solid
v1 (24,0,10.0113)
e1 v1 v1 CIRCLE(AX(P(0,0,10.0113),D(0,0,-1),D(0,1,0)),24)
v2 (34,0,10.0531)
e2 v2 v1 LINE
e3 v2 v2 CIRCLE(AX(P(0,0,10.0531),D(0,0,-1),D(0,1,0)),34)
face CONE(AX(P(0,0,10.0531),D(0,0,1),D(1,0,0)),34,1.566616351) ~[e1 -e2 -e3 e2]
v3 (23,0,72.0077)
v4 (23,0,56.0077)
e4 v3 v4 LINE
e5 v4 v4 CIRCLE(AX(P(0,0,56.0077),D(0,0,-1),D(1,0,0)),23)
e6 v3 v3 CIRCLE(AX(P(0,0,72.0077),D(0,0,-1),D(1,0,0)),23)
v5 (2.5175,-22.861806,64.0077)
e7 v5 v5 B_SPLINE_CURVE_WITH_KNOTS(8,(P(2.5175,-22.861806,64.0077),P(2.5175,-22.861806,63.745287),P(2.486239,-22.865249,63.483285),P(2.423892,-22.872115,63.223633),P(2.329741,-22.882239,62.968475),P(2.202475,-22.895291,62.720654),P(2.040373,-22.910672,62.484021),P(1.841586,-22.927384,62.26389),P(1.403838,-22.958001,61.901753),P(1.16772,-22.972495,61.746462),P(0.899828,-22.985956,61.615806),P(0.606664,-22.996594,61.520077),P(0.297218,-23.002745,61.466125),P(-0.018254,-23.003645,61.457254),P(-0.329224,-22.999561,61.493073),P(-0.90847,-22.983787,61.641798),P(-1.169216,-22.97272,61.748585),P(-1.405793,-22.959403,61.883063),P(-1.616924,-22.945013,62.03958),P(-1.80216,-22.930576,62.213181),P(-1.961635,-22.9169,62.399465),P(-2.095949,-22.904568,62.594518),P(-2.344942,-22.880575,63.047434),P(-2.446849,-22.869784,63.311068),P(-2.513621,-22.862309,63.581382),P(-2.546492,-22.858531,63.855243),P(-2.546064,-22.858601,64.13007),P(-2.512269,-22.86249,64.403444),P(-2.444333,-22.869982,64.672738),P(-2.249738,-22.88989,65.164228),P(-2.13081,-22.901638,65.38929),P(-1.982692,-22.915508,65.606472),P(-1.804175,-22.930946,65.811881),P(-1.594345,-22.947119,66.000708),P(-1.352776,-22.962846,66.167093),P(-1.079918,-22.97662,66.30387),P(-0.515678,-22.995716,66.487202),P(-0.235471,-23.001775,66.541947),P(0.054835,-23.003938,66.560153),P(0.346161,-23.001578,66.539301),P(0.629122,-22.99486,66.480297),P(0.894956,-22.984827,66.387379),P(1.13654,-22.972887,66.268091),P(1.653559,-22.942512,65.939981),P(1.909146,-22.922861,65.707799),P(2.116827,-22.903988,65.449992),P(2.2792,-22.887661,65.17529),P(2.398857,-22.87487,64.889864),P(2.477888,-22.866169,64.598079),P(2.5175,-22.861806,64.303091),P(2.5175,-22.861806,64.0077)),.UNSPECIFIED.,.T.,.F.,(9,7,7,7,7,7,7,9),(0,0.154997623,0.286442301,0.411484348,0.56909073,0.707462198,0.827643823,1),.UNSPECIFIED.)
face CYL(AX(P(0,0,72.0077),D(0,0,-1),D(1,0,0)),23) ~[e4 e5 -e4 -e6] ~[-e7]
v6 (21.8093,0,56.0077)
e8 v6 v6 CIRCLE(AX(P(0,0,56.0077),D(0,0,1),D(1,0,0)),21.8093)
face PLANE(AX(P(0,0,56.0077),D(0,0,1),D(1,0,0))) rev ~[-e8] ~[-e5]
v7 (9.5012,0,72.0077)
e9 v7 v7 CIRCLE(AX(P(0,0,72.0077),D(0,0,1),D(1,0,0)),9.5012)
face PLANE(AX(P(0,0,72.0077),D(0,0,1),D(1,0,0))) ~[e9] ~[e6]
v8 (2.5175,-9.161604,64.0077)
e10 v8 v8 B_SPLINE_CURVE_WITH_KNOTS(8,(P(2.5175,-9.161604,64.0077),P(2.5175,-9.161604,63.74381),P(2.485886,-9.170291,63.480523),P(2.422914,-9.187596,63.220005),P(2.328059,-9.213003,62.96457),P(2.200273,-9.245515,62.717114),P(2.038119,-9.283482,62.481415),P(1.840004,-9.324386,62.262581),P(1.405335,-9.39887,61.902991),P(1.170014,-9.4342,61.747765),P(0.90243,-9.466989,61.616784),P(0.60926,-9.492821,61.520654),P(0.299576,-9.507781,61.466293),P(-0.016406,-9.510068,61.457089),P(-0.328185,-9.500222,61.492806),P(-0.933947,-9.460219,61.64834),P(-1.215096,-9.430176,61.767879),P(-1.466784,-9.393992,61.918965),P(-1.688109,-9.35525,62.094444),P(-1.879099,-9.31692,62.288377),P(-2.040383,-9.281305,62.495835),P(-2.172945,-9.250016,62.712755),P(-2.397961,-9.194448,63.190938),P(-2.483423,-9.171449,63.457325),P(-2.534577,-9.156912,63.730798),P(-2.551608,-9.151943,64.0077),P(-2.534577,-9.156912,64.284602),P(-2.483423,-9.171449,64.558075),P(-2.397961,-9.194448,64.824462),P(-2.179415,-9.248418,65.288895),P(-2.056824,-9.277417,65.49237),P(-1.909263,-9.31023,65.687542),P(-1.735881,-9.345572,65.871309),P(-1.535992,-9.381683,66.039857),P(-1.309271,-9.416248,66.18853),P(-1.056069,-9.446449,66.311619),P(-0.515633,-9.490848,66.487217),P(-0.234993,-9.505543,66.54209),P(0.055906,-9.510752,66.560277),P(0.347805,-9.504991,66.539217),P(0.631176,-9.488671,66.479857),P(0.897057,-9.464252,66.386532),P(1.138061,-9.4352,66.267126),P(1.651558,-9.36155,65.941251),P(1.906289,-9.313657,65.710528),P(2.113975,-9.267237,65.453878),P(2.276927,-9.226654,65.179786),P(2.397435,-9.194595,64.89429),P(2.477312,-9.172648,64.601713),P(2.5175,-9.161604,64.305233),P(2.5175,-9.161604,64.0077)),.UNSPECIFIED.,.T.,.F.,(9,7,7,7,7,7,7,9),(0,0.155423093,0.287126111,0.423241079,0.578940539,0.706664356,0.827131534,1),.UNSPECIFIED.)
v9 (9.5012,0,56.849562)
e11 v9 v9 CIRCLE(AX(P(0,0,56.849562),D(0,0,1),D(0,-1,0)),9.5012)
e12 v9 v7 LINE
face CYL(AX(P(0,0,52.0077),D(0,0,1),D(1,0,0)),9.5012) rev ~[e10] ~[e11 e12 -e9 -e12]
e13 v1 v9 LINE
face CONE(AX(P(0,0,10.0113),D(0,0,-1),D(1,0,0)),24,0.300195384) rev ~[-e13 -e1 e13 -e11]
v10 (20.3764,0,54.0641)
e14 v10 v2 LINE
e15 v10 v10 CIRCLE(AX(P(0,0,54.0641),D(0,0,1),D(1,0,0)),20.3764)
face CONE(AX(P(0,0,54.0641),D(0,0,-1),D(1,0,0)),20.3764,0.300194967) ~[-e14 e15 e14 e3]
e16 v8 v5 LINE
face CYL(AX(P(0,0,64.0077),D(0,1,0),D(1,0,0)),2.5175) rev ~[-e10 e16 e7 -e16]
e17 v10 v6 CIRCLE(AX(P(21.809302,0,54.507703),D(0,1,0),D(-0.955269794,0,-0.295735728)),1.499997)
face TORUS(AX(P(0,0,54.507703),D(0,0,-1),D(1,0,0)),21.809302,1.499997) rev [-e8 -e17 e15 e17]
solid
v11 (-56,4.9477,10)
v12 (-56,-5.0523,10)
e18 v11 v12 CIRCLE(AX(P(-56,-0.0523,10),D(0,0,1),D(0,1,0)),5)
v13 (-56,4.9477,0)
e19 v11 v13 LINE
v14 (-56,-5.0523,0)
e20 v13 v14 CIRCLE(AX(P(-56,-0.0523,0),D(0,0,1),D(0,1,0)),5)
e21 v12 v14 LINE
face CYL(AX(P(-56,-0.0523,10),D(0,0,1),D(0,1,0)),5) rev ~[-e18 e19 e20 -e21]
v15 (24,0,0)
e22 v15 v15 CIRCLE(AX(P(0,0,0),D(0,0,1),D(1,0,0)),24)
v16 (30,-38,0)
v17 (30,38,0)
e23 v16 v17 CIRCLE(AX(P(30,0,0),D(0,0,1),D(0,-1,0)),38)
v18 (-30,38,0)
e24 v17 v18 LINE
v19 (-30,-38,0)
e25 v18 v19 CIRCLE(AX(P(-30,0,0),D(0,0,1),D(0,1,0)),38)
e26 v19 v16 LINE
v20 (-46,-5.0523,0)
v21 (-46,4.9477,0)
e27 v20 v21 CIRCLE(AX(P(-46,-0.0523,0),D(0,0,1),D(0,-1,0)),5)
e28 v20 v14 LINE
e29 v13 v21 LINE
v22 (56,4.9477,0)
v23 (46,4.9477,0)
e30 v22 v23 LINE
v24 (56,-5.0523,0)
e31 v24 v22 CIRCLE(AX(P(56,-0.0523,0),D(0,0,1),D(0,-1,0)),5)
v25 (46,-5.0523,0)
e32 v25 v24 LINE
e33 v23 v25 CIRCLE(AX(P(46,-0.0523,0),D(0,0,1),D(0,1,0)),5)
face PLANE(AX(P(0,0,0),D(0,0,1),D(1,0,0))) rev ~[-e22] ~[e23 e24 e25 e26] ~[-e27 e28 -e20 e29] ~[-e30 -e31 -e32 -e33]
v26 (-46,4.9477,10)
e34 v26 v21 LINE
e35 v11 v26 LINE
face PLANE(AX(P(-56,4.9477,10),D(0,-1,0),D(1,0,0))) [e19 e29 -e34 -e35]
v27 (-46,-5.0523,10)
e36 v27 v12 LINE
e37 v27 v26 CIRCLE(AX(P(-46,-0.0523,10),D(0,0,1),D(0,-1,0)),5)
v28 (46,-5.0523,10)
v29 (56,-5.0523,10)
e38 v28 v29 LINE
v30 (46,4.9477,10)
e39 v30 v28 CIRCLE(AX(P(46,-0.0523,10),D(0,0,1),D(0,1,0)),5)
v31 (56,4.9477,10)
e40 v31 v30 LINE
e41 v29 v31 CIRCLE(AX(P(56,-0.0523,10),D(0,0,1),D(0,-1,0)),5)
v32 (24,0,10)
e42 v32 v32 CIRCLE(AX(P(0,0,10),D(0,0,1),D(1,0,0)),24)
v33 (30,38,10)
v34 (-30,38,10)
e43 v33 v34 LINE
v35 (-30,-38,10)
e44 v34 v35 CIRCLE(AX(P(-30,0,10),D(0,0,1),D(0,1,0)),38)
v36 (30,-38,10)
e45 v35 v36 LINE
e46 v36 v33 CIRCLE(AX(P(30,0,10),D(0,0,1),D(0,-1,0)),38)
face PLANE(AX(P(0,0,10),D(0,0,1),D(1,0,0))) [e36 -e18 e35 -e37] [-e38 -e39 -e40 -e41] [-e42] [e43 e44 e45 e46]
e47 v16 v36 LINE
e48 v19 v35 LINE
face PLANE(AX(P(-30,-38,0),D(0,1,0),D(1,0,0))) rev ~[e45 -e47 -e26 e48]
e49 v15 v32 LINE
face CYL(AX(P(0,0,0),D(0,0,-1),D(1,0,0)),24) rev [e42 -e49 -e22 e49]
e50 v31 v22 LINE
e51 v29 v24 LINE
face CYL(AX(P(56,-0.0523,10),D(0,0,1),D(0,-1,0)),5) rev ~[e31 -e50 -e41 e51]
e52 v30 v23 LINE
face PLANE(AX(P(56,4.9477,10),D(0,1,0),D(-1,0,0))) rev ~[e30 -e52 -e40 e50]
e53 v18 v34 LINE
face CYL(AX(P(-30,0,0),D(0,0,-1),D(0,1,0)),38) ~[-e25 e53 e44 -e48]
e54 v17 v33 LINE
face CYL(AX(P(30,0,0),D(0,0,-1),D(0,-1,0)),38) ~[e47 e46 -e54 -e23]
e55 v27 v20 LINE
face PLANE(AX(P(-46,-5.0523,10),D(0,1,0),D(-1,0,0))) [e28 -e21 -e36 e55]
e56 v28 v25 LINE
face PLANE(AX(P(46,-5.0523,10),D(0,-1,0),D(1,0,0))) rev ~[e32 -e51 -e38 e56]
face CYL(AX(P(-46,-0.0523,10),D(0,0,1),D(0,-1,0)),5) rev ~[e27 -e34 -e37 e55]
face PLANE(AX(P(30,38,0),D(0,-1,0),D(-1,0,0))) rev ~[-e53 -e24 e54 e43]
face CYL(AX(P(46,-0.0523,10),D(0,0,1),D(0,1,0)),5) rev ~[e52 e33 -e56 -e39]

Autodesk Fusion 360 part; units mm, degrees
sketch "Sketch1" plane through (0, 0, 0) normal (0, 0, 1) x (1, 0, 0)
  circle A0 centre (0, 0) radius 24
  line L0 (30, 38) -> (-30, 38)
  arc A1 (-30, 38) -> (-30, -38) centre (-30, 0) ccw
  line L1 (-30, -38) -> (30, -38)
  arc A2 (30, -38) -> (30, 38) centre (30, 0) ccw
  line L2 (30, 0) -> (-30, 0) construction
  dimension "d1" = 48
  dimension "d2" = 60
  dimension "d3" = 38
extrude "Extrude1" add sketch "Sketch1" along normal blind 10 makes body 1
sketch "Sketch2" plane through (0, 0, 0) normal (0, 1, 0) x (1, 0, 0)
  line L0 (0, 0) -> (0, -78.5429) construction
  line L1 (24, -10.0113) -> (11, -52.0077)
  line L2 (11, -52.0077) -> (11, -72.0077)
  line L3 (11, -72.0077) -> (23, -72.0077)
  line L4 (23, -72.0077) -> (23, -56.0077)
  line L5 (23, -56.0077) -> (21.8093, -56.0077)
  line L6 (20.3764, -54.0641) -> (34, -10.0531)
  line L7 (34, -10.0531) -> (24, -10.0113)
  arc A0 (20.3764, -54.0641) -> (21.8093, -56.0077) centre (21.8093, -54.5077) ccw
  dimension "d6" = 20
  dimension "d7" = 16
  dimension "d8" = 22
  dimension "d9" = 46
  dimension "d10" = 24
  dimension "d11" = 10
  dimension "d13" = 62
  dimension "d14" = 1.5
revolve "Revolve1" add sketch "Sketch2" angle 360 about axis through (0, 0, 0) along (0, 0, 1) separate body makes body 2
sketch "Sketch3" plane through (0, 0, 10) normal (0, 0, 1) x (-1, 0, 0)
  circle A0 centre (0, 0) radius 24
  arc A1 (-30, 38) -> (-30, -38) centre (-30, 0) ccw
  line L0 (-30, -38) -> (30, -38)
  arc A2 (30, -38) -> (30, 38) centre (30, 0) ccw
  line L1 (30, 38) -> (-30, 38)
  line L2 (0, 0) -> (0, 62.4779) construction
  line L3 (-46, 5.0523) -> (-56, 5.0523)
  arc A3 (-56, 5.0523) -> (-56, -4.9477) centre (-56, 0.0523) ccw
  line L4 (-56, -4.9477) -> (-46, -4.9477)
  arc A4 (-46, -4.9477) -> (-46, 5.0523) centre (-46, 0.0523) ccw
  line L5 (-46, 0.0523) -> (-56, 0.0523) construction
  line L6 (56, -4.9477) -> (46, -4.9477)
  arc A5 (46, 5.0523) -> (46, -4.9477) centre (46, 0.0523) ccw
  line L7 (46, 5.0523) -> (56, 5.0523)
  arc A6 (56, -4.9477) -> (56, 5.0523) centre (56, 0.0523) ccw
  point P0 (-51, 0.0523)
  dimension "d16" = 51
  dimension "d17" = 10
  dimension "d18" = 5
extrude "Extrude2" cut sketch "Sketch3" against normal blind 115 contours L3 A3 L4 A4 | L6 A5 L7 A6 bodies 1
sketch "Sketch4" plane through (0, 0, 0) normal (0, 1, 0) x (1, 0, 0)
  circle A0 centre (0, -64.0077) radius 3
  point P0 (23, -72.0077)
  dimension "d21" = 6
  dimension "d22" = 8
extrude "Extrude3" cut sketch "Sketch4" against normal blind 35 bodies 2
thread "Thread1" "ISO Metric profile 22.0 M22x3 M22x3 6H" major diameter 22.3386 minor diameter 19.0024 pitch 3 angle 60 resizes the face on face at (10.9453, -1.0952, 65.341) on bodies 2
thread "Thread2" "ISO Metric profile 6.0 M6x1 M6x1 6H" major diameter 6.147 minor diameter 5.035 pitch 1 angle 60 resizes the face on face at (2.9871, -18.2116, 63.7295) on bodies 2
